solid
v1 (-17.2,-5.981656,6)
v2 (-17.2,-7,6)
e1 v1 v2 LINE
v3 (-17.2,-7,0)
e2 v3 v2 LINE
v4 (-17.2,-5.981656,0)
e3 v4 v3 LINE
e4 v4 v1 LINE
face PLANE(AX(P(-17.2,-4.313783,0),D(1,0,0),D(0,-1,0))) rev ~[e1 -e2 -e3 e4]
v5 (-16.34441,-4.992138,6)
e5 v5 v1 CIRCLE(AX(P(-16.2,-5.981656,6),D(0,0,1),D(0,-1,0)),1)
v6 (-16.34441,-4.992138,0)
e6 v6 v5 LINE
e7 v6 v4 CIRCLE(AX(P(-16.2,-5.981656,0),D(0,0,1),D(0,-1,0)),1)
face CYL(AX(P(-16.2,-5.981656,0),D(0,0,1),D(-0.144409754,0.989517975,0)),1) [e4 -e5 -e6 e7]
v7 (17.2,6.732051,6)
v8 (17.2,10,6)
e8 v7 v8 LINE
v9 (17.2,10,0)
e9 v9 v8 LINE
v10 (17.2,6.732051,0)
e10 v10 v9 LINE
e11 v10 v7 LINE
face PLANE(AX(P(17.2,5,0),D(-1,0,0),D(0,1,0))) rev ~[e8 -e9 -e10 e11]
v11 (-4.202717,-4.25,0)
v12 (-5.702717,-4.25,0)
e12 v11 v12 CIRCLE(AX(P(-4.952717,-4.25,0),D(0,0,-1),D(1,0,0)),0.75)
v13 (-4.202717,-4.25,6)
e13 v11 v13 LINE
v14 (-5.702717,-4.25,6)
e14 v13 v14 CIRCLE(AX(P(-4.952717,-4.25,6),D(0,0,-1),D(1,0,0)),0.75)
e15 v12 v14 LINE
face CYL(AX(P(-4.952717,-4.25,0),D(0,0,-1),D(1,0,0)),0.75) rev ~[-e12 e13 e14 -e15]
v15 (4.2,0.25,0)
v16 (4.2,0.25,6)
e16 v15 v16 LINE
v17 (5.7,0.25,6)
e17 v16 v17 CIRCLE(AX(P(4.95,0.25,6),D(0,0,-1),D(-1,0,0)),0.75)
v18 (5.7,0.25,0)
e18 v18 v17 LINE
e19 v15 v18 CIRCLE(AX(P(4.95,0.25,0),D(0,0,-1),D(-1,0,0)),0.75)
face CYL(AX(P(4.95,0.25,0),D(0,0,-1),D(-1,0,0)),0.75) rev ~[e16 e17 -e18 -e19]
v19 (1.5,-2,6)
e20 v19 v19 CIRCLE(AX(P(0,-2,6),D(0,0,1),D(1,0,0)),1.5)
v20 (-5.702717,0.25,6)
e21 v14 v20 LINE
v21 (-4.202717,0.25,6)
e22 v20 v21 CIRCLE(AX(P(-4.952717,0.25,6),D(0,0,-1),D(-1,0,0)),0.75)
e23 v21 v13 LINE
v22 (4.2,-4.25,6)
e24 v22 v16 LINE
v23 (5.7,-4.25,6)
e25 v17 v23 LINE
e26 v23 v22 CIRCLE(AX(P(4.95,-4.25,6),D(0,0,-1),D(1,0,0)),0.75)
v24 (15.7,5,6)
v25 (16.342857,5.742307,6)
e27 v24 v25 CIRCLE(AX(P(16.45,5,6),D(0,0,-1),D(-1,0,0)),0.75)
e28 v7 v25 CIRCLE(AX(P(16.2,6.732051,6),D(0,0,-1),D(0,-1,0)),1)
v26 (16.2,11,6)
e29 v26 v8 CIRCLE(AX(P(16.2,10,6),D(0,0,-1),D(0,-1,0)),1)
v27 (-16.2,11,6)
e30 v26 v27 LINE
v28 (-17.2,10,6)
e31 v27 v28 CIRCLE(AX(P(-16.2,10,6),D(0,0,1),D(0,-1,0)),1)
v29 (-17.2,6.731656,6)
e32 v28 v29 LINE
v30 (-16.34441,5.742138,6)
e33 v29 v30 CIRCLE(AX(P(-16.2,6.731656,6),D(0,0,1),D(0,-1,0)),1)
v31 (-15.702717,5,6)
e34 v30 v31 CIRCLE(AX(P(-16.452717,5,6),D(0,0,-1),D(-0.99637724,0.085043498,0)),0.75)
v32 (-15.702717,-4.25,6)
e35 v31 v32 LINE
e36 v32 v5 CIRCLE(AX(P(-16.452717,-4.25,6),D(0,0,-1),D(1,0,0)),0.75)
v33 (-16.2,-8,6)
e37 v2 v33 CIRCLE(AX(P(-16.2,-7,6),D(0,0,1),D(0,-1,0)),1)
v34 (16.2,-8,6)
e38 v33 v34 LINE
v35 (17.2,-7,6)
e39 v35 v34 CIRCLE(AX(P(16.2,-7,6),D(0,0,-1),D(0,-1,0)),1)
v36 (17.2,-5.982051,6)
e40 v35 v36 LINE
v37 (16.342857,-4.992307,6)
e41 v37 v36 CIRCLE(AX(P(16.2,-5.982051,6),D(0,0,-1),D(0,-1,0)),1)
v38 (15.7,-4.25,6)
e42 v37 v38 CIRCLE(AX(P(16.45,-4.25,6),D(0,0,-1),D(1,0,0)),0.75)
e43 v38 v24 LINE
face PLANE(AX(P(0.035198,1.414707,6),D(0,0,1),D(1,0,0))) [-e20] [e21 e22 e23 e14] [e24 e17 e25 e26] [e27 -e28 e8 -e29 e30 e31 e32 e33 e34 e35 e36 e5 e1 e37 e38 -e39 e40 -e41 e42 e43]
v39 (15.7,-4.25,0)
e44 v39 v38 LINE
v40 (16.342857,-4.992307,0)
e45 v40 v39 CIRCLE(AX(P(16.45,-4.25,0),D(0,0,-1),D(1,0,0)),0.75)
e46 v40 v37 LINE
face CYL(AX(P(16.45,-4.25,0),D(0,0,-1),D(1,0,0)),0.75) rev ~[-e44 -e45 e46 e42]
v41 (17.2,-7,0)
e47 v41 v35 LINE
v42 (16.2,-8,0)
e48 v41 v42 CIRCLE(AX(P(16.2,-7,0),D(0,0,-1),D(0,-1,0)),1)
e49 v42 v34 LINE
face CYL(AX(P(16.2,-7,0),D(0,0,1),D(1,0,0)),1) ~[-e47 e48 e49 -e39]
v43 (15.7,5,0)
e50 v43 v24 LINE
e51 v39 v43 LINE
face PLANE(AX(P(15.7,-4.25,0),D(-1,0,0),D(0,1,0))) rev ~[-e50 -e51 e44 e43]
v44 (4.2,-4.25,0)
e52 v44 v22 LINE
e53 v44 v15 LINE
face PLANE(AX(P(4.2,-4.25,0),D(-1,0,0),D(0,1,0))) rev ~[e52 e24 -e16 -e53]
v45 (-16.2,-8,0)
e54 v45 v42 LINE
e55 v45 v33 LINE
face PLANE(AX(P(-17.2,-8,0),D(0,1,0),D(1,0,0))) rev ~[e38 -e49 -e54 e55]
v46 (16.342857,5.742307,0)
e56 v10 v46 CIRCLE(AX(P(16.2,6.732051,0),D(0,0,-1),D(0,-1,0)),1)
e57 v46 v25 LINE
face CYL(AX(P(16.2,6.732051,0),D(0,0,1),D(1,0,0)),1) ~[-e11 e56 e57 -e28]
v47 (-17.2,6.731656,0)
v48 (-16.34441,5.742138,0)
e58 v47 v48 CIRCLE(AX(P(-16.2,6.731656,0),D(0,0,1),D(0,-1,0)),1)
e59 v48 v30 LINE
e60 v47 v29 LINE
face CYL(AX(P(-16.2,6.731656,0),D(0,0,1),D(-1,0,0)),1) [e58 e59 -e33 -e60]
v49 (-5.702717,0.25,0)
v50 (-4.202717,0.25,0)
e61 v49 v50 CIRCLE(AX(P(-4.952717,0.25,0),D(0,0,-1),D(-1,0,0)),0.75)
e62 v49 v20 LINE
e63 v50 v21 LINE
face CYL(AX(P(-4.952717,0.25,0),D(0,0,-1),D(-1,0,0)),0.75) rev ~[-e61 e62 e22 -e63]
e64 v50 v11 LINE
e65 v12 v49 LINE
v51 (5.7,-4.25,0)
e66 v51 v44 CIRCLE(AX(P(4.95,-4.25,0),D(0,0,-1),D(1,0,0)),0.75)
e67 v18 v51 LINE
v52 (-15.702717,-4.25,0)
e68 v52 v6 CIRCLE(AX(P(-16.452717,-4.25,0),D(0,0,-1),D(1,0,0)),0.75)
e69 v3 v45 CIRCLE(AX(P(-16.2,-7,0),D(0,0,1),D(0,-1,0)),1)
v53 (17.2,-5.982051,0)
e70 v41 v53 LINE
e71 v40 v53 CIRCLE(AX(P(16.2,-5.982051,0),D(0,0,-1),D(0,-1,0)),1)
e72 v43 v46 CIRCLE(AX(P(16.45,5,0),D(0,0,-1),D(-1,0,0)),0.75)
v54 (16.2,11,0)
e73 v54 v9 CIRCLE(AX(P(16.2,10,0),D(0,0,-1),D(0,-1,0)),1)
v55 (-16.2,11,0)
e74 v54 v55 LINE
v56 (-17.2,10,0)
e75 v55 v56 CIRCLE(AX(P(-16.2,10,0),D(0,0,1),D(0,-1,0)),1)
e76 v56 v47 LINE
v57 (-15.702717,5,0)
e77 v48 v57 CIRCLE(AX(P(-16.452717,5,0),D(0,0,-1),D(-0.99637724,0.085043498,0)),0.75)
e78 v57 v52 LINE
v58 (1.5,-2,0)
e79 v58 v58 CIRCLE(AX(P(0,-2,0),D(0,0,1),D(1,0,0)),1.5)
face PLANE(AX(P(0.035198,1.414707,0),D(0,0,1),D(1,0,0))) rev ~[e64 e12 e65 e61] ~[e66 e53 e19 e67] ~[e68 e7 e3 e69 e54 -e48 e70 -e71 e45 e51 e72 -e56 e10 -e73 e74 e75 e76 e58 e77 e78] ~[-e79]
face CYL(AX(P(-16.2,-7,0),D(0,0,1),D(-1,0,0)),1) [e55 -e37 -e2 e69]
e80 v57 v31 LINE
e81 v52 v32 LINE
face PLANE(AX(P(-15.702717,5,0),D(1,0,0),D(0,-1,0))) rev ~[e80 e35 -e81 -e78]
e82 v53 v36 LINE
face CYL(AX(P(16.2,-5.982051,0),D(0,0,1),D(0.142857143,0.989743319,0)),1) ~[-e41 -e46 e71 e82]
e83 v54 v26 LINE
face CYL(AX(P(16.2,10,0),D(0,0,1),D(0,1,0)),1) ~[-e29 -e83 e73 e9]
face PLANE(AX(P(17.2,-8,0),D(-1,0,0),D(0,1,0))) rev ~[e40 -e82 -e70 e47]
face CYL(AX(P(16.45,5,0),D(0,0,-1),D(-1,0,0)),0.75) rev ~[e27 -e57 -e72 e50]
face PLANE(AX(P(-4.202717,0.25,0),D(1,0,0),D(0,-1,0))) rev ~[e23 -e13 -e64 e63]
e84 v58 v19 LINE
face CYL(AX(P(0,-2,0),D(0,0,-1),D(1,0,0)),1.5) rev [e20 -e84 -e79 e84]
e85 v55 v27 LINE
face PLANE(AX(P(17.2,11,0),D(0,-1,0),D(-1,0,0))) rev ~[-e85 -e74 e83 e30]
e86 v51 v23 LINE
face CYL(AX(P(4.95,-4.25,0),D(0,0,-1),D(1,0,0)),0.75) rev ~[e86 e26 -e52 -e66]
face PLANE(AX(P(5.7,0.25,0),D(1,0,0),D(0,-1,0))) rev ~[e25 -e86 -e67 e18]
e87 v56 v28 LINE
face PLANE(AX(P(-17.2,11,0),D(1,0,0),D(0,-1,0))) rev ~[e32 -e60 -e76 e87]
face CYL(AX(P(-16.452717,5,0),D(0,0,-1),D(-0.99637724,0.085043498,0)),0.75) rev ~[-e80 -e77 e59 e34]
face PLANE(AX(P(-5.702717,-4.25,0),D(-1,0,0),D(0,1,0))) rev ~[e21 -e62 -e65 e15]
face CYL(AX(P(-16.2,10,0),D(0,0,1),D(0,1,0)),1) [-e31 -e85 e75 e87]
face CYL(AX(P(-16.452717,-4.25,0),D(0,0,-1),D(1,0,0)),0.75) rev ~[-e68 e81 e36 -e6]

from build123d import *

# Parameters (mm, degrees)
F0_R     = 1.5
F1_DEPTH = 6
F2_R     = 1
F3_R     = 1


with BuildPart() as f1:
    # F0 (on Top) → F1 (new body)
    with BuildSketch(Plane.XY):
        with BuildLine():
            Line((17.2, 11), (-17.2, 11))
            Line((-17.2, 11), (-17.2, 5.0637826232))
            ThreePointArc((-17.2, 5.0637826232), (-16.4207968358, 5.7493204245), (-15.7027170703, 5))
            Line((-15.7027170703, 5), (-15.7027170703, -4.25))
            ThreePointArc((-15.7027170703, -4.25), (-16.4207968358, -4.9993204245), (-17.2, -4.3137826232))
            Line((-17.2, -4.3137826232), (-17.2, -8))
            Line((-17.2, -8), (17.2, -8))
            Line((17.2, -8), (17.2, -4.25))
            ThreePointArc((17.2, -4.25), (16.45, -5), (15.7, -4.25))
            Line((15.7, -4.25), (15.7, 5))
            ThreePointArc((15.7, 5), (16.45, 5.75), (17.2, 5))
            Line((17.2, 5), (17.2, 11))
        make_face()
        with BuildLine():
            Line((-5.7027170703, -4.25), (-5.7027170703, 0.25))
            ThreePointArc((-5.7027170703, 0.25), (-4.9527170703, 1), (-4.2027170703, 0.25))
            Line((-4.2027170703, 0.25), (-4.2027170703, -4.25))
            ThreePointArc((-4.2027170703, -4.25), (-4.9527170703, -5), (-5.7027170703, -4.25))
        make_face(mode=Mode.SUBTRACT)
        with Locations((0, -2)):
            Circle(F0_R, mode=Mode.SUBTRACT)
        with BuildLine():
            Line((4.2, -4.25), (4.2, 0.25))
            ThreePointArc((4.2, 0.25), (4.95, 1), (5.7, 0.25))
            Line((5.7, 0.25), (5.7, -4.25))
            ThreePointArc((5.7, -4.25), (4.95, -5), (4.2, -4.25))
        make_face(mode=Mode.SUBTRACT)
    extrude(amount=F1_DEPTH)

    # F2
    f2_edges = [f1.edges().sort_by_distance(p)[0] for p in [
        (17.2, 11, 3),
        (17.2, -8, 3),
        (-17.2, -8, 3),
        (-17.2, 11, 3),
    ]]
    fillet(f2_edges, radius=F2_R)

    # F3
    f3_edges = [f1.edges().sort_by_distance(p)[0] for p in [
        (17.2, 5, 3),
        (17.2, -4.25, 3),
        (-17.2, 5.063783, 3),
        (-17.2, -4.313783, 3),
    ]]
    fillet(f3_edges, radius=F3_R)


solid = f1.part
